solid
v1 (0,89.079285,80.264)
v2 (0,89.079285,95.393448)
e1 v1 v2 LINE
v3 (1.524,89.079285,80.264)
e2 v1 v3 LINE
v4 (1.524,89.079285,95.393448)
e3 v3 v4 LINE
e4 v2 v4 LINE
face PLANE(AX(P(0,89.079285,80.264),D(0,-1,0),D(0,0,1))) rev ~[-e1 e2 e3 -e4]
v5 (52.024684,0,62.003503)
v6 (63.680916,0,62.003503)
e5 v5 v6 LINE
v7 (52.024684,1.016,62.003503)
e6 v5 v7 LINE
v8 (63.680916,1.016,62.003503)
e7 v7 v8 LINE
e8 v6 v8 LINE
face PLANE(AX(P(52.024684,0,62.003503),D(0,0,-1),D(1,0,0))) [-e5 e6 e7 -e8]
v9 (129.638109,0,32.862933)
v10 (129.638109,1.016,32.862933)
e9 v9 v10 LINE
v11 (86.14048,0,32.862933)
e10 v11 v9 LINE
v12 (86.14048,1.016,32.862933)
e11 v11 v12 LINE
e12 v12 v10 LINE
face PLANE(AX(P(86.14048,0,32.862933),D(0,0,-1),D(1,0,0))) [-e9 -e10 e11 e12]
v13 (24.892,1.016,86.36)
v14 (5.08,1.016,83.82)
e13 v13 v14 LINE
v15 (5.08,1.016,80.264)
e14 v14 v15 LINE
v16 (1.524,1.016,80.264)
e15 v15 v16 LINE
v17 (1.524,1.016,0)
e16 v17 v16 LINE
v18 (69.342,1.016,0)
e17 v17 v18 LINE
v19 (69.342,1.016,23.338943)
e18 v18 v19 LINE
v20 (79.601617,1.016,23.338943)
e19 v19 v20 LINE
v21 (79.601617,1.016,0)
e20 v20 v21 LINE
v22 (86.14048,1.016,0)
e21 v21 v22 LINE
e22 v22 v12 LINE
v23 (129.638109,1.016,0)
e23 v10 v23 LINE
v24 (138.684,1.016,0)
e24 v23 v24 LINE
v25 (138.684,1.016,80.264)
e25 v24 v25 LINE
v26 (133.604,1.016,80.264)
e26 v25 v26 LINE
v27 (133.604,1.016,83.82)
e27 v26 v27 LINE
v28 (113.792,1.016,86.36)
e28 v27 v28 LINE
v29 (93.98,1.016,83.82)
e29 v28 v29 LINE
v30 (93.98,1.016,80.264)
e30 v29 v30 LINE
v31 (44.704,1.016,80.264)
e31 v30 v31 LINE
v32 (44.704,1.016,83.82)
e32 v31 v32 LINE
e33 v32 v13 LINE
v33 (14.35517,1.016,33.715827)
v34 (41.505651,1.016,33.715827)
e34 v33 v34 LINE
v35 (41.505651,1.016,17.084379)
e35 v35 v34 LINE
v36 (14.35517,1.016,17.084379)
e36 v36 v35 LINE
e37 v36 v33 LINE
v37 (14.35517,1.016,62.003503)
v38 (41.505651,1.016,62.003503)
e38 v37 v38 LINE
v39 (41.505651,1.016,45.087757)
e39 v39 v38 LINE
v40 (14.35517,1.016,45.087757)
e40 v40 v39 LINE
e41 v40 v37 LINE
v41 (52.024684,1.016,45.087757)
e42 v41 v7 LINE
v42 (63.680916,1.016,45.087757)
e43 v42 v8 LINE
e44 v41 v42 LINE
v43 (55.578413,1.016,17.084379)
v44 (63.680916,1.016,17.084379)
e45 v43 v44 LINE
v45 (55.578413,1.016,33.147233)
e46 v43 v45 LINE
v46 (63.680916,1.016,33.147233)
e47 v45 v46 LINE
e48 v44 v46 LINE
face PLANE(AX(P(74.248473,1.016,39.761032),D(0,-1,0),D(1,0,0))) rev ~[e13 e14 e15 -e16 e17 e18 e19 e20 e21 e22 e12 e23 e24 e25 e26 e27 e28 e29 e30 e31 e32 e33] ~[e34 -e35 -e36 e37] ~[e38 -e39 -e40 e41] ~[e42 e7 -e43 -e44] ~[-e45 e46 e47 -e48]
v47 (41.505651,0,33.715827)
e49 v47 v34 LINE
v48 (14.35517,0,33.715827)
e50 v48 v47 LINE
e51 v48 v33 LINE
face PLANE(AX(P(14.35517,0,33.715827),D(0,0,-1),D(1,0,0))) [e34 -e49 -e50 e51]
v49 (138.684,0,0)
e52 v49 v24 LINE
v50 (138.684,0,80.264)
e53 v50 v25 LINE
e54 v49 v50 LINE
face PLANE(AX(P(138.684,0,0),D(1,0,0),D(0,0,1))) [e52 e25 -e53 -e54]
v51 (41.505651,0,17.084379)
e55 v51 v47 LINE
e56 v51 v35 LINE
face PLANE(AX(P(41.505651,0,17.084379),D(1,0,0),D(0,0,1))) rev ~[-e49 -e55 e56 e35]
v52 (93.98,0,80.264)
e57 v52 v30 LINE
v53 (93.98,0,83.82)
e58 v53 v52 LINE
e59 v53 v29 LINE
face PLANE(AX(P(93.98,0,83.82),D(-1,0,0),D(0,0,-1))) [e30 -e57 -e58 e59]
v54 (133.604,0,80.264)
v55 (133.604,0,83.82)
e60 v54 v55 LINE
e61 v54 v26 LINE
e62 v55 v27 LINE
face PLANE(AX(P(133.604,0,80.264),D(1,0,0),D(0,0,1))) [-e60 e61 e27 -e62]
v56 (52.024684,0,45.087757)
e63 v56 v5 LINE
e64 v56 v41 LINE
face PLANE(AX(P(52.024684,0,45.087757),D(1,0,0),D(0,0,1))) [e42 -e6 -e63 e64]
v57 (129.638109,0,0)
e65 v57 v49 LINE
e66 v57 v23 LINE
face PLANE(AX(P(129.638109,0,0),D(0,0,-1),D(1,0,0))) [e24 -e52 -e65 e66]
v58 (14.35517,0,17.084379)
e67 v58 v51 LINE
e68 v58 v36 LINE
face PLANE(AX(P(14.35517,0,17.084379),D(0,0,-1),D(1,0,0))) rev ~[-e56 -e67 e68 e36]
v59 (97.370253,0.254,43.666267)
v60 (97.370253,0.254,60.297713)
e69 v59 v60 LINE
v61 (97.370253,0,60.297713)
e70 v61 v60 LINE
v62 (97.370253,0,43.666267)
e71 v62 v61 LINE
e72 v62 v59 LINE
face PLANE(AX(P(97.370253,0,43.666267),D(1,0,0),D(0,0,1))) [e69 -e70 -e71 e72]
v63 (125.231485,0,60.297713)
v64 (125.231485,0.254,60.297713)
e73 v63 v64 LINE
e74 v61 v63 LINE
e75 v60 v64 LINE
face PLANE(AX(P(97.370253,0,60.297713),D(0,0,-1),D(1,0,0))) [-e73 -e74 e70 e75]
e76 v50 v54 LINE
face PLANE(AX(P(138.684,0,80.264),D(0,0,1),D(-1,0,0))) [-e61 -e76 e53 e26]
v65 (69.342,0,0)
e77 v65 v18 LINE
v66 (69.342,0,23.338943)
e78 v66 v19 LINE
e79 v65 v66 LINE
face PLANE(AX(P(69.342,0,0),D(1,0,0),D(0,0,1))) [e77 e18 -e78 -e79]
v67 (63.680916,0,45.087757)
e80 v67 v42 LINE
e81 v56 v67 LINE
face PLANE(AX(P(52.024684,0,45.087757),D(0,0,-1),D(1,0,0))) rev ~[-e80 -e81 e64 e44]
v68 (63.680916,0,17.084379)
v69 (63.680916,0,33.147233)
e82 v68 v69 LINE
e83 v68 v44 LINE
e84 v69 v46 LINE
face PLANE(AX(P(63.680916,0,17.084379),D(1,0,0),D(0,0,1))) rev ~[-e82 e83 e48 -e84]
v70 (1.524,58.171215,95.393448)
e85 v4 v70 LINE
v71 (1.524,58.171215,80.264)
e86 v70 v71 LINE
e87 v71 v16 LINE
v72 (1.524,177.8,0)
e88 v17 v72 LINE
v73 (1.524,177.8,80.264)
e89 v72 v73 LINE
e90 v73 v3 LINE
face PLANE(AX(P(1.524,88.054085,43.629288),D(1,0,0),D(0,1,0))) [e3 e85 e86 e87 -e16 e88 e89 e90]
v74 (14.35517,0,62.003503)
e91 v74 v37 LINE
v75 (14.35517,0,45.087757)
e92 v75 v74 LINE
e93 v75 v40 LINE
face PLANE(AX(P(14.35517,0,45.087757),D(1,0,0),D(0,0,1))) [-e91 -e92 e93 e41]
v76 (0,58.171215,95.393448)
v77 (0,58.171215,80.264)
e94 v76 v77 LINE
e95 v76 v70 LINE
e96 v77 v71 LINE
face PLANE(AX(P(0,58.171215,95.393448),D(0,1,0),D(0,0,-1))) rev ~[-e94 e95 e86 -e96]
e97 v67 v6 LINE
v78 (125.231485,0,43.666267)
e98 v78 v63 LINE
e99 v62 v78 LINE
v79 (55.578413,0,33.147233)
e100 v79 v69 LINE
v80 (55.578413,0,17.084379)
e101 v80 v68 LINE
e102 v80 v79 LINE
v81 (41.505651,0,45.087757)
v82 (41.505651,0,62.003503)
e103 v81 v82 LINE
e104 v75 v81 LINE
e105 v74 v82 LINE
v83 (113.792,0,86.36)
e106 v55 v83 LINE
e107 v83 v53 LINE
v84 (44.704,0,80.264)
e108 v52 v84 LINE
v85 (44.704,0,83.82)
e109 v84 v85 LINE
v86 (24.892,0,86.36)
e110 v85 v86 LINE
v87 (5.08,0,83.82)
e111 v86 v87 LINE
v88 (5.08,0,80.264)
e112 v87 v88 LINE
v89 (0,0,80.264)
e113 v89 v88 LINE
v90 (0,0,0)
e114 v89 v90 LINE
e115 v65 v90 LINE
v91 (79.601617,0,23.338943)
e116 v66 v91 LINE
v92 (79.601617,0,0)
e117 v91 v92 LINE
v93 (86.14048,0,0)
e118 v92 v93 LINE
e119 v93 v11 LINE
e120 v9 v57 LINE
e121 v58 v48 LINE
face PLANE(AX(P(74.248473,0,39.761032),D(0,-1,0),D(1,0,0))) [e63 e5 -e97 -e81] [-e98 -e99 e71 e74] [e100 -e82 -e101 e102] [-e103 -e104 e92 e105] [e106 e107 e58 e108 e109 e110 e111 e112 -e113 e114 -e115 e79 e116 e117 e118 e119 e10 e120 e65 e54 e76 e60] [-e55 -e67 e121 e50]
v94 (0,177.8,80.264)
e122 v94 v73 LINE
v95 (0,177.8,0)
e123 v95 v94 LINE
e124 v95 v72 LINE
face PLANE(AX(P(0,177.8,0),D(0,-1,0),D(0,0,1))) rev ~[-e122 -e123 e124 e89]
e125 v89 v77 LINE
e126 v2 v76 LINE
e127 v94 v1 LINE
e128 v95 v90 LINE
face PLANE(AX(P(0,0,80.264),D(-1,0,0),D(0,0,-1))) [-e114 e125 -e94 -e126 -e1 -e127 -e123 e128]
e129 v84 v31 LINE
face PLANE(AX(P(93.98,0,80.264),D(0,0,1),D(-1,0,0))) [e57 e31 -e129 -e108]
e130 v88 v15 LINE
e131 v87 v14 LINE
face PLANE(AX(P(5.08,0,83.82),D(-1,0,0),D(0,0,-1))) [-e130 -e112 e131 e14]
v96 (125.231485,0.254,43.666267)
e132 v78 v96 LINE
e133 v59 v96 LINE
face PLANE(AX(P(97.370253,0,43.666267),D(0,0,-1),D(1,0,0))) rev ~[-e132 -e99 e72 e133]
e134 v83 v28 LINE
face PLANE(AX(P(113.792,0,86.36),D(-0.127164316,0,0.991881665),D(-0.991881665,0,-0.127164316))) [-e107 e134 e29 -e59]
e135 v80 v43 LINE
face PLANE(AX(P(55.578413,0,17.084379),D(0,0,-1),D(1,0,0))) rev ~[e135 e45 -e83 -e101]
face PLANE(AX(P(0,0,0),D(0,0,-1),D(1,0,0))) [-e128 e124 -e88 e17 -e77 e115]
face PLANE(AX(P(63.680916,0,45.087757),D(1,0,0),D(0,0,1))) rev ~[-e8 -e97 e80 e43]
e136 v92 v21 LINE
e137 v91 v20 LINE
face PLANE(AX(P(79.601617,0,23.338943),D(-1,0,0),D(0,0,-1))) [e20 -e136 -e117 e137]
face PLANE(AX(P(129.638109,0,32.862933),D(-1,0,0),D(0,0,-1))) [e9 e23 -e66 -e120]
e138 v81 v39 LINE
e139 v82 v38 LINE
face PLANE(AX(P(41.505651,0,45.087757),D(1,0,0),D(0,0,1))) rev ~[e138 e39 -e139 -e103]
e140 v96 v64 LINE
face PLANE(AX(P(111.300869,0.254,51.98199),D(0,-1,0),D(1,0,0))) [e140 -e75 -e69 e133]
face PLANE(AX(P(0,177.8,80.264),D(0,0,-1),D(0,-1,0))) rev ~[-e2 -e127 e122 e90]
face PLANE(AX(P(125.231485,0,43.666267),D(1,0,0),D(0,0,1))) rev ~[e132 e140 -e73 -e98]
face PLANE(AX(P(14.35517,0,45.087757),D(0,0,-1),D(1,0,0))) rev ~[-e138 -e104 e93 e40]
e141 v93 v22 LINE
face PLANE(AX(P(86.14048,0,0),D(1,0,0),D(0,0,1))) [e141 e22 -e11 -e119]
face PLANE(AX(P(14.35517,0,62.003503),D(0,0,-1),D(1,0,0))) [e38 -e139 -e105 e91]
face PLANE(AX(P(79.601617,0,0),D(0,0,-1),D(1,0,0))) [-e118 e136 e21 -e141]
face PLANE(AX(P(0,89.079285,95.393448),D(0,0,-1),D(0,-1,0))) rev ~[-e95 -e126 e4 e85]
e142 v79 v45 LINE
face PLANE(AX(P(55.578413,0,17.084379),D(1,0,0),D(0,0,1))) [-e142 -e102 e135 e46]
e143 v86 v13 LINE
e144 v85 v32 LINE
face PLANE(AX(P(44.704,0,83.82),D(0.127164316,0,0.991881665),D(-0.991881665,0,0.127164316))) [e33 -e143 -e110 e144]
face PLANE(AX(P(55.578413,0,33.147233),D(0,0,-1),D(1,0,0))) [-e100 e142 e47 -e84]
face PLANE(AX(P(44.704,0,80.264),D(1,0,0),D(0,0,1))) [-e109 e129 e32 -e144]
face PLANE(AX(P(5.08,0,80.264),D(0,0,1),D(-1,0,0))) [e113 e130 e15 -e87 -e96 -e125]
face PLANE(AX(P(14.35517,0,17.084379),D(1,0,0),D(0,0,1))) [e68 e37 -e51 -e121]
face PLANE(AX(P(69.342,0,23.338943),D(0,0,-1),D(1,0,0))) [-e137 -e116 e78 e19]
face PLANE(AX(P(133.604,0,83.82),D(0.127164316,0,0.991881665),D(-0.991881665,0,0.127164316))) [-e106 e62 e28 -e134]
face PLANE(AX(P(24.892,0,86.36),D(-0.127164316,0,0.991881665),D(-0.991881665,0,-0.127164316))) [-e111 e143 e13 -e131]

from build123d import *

# Parameters (mm, degrees)
F0_W     = 2715.0481939316
F0_H     = 1663.144826889
F0_W_2   = 810.2502822876
F0_H_2   = 1606.2853336334
F0_H_3   = 1691.5745735168
F0_W_3   = 1165.6231880188
F0_W_4   = 2786.1232757568
F0_H_4   = 1663.1445884705
F1_DEPTH = 101.6
F2_DEPTH = 25.4
F4_DEPTH = 152.4
F5_SCALE = 0.01


with BuildPart() as f1:
    # F0 (on Front) → F1 (new body)
    with BuildSketch(Plane.XZ):
        Polygon((0, 8026.4), (0, 0), (6934.2, 0), (6934.2, 2333.8942527771), (7960.1616859436, 2333.8942527771), (7960.1616859436, 0), (8614.0480041504, 0), (8614.0480041504, 3286.2932682037), (12963.8109207153, 3286.2932682037), (12963.8109207153, 0), (13868.4, 0), (13868.4, 8026.4), (13360.4, 8026.4), (13360.4, 8382), (11379.2, 8636), (9398, 8382), (9398, 8026.4), (4470.4, 8026.4), (4470.4, 8382), (2489.2, 8636), (508, 8382), (508, 8026.4), align=None)
        with Locations((2793.0410504341, 2540.0103330612)):
            Rectangle(F0_W, F0_H, mode=Mode.SUBTRACT)
        with Locations((5962.9664421082, 2511.5805864334)):
            Rectangle(F0_W_2, F0_H_2, mode=Mode.SUBTRACT)
        with Locations((2793.0410504341, 5354.562997818)):
            Rectangle(F0_W, F0_H_3, mode=Mode.SUBTRACT)
        with Locations((5785.2799892426, 5354.562997818)):
            Rectangle(F0_W_3, F0_H_3, mode=Mode.SUBTRACT)
        with Locations((11130.0868988037, 5198.1990337372)):
            Rectangle(F0_W_4, F0_H_4, mode=Mode.SUBTRACT)
        with Locations((11130.0868988037, 5198.1990337372)):
            Rectangle(F0_W_4, F0_H_4)
    extrude(amount=-F1_DEPTH)

    # F0 (on Front) → F2 (cut)
    with BuildSketch(Plane.XZ):
        with Locations((11130.0868988037, 5198.1990337372)):
            Rectangle(F0_W_4, F0_H_4)
    extrude(amount=-F2_DEPTH, mode=Mode.SUBTRACT)

    # F3 (on Right) → F4 (join)
    with BuildSketch(Plane.YZ):
        Polygon((0, 8026.4), (0, 0), (17780, 0), (17780, 8026.4), (8907.9284667969, 8026.4), (8907.9284667969, 9539.3447875977), (5817.1215057373, 9539.3447875977), (5817.1215057373, 8026.4), align=None)
    extrude(amount=F4_DEPTH)


with BuildPart() as f1_1:
    # F5: moved
    add(f1.part.scale(F5_SCALE))


solid = f1_1.part
